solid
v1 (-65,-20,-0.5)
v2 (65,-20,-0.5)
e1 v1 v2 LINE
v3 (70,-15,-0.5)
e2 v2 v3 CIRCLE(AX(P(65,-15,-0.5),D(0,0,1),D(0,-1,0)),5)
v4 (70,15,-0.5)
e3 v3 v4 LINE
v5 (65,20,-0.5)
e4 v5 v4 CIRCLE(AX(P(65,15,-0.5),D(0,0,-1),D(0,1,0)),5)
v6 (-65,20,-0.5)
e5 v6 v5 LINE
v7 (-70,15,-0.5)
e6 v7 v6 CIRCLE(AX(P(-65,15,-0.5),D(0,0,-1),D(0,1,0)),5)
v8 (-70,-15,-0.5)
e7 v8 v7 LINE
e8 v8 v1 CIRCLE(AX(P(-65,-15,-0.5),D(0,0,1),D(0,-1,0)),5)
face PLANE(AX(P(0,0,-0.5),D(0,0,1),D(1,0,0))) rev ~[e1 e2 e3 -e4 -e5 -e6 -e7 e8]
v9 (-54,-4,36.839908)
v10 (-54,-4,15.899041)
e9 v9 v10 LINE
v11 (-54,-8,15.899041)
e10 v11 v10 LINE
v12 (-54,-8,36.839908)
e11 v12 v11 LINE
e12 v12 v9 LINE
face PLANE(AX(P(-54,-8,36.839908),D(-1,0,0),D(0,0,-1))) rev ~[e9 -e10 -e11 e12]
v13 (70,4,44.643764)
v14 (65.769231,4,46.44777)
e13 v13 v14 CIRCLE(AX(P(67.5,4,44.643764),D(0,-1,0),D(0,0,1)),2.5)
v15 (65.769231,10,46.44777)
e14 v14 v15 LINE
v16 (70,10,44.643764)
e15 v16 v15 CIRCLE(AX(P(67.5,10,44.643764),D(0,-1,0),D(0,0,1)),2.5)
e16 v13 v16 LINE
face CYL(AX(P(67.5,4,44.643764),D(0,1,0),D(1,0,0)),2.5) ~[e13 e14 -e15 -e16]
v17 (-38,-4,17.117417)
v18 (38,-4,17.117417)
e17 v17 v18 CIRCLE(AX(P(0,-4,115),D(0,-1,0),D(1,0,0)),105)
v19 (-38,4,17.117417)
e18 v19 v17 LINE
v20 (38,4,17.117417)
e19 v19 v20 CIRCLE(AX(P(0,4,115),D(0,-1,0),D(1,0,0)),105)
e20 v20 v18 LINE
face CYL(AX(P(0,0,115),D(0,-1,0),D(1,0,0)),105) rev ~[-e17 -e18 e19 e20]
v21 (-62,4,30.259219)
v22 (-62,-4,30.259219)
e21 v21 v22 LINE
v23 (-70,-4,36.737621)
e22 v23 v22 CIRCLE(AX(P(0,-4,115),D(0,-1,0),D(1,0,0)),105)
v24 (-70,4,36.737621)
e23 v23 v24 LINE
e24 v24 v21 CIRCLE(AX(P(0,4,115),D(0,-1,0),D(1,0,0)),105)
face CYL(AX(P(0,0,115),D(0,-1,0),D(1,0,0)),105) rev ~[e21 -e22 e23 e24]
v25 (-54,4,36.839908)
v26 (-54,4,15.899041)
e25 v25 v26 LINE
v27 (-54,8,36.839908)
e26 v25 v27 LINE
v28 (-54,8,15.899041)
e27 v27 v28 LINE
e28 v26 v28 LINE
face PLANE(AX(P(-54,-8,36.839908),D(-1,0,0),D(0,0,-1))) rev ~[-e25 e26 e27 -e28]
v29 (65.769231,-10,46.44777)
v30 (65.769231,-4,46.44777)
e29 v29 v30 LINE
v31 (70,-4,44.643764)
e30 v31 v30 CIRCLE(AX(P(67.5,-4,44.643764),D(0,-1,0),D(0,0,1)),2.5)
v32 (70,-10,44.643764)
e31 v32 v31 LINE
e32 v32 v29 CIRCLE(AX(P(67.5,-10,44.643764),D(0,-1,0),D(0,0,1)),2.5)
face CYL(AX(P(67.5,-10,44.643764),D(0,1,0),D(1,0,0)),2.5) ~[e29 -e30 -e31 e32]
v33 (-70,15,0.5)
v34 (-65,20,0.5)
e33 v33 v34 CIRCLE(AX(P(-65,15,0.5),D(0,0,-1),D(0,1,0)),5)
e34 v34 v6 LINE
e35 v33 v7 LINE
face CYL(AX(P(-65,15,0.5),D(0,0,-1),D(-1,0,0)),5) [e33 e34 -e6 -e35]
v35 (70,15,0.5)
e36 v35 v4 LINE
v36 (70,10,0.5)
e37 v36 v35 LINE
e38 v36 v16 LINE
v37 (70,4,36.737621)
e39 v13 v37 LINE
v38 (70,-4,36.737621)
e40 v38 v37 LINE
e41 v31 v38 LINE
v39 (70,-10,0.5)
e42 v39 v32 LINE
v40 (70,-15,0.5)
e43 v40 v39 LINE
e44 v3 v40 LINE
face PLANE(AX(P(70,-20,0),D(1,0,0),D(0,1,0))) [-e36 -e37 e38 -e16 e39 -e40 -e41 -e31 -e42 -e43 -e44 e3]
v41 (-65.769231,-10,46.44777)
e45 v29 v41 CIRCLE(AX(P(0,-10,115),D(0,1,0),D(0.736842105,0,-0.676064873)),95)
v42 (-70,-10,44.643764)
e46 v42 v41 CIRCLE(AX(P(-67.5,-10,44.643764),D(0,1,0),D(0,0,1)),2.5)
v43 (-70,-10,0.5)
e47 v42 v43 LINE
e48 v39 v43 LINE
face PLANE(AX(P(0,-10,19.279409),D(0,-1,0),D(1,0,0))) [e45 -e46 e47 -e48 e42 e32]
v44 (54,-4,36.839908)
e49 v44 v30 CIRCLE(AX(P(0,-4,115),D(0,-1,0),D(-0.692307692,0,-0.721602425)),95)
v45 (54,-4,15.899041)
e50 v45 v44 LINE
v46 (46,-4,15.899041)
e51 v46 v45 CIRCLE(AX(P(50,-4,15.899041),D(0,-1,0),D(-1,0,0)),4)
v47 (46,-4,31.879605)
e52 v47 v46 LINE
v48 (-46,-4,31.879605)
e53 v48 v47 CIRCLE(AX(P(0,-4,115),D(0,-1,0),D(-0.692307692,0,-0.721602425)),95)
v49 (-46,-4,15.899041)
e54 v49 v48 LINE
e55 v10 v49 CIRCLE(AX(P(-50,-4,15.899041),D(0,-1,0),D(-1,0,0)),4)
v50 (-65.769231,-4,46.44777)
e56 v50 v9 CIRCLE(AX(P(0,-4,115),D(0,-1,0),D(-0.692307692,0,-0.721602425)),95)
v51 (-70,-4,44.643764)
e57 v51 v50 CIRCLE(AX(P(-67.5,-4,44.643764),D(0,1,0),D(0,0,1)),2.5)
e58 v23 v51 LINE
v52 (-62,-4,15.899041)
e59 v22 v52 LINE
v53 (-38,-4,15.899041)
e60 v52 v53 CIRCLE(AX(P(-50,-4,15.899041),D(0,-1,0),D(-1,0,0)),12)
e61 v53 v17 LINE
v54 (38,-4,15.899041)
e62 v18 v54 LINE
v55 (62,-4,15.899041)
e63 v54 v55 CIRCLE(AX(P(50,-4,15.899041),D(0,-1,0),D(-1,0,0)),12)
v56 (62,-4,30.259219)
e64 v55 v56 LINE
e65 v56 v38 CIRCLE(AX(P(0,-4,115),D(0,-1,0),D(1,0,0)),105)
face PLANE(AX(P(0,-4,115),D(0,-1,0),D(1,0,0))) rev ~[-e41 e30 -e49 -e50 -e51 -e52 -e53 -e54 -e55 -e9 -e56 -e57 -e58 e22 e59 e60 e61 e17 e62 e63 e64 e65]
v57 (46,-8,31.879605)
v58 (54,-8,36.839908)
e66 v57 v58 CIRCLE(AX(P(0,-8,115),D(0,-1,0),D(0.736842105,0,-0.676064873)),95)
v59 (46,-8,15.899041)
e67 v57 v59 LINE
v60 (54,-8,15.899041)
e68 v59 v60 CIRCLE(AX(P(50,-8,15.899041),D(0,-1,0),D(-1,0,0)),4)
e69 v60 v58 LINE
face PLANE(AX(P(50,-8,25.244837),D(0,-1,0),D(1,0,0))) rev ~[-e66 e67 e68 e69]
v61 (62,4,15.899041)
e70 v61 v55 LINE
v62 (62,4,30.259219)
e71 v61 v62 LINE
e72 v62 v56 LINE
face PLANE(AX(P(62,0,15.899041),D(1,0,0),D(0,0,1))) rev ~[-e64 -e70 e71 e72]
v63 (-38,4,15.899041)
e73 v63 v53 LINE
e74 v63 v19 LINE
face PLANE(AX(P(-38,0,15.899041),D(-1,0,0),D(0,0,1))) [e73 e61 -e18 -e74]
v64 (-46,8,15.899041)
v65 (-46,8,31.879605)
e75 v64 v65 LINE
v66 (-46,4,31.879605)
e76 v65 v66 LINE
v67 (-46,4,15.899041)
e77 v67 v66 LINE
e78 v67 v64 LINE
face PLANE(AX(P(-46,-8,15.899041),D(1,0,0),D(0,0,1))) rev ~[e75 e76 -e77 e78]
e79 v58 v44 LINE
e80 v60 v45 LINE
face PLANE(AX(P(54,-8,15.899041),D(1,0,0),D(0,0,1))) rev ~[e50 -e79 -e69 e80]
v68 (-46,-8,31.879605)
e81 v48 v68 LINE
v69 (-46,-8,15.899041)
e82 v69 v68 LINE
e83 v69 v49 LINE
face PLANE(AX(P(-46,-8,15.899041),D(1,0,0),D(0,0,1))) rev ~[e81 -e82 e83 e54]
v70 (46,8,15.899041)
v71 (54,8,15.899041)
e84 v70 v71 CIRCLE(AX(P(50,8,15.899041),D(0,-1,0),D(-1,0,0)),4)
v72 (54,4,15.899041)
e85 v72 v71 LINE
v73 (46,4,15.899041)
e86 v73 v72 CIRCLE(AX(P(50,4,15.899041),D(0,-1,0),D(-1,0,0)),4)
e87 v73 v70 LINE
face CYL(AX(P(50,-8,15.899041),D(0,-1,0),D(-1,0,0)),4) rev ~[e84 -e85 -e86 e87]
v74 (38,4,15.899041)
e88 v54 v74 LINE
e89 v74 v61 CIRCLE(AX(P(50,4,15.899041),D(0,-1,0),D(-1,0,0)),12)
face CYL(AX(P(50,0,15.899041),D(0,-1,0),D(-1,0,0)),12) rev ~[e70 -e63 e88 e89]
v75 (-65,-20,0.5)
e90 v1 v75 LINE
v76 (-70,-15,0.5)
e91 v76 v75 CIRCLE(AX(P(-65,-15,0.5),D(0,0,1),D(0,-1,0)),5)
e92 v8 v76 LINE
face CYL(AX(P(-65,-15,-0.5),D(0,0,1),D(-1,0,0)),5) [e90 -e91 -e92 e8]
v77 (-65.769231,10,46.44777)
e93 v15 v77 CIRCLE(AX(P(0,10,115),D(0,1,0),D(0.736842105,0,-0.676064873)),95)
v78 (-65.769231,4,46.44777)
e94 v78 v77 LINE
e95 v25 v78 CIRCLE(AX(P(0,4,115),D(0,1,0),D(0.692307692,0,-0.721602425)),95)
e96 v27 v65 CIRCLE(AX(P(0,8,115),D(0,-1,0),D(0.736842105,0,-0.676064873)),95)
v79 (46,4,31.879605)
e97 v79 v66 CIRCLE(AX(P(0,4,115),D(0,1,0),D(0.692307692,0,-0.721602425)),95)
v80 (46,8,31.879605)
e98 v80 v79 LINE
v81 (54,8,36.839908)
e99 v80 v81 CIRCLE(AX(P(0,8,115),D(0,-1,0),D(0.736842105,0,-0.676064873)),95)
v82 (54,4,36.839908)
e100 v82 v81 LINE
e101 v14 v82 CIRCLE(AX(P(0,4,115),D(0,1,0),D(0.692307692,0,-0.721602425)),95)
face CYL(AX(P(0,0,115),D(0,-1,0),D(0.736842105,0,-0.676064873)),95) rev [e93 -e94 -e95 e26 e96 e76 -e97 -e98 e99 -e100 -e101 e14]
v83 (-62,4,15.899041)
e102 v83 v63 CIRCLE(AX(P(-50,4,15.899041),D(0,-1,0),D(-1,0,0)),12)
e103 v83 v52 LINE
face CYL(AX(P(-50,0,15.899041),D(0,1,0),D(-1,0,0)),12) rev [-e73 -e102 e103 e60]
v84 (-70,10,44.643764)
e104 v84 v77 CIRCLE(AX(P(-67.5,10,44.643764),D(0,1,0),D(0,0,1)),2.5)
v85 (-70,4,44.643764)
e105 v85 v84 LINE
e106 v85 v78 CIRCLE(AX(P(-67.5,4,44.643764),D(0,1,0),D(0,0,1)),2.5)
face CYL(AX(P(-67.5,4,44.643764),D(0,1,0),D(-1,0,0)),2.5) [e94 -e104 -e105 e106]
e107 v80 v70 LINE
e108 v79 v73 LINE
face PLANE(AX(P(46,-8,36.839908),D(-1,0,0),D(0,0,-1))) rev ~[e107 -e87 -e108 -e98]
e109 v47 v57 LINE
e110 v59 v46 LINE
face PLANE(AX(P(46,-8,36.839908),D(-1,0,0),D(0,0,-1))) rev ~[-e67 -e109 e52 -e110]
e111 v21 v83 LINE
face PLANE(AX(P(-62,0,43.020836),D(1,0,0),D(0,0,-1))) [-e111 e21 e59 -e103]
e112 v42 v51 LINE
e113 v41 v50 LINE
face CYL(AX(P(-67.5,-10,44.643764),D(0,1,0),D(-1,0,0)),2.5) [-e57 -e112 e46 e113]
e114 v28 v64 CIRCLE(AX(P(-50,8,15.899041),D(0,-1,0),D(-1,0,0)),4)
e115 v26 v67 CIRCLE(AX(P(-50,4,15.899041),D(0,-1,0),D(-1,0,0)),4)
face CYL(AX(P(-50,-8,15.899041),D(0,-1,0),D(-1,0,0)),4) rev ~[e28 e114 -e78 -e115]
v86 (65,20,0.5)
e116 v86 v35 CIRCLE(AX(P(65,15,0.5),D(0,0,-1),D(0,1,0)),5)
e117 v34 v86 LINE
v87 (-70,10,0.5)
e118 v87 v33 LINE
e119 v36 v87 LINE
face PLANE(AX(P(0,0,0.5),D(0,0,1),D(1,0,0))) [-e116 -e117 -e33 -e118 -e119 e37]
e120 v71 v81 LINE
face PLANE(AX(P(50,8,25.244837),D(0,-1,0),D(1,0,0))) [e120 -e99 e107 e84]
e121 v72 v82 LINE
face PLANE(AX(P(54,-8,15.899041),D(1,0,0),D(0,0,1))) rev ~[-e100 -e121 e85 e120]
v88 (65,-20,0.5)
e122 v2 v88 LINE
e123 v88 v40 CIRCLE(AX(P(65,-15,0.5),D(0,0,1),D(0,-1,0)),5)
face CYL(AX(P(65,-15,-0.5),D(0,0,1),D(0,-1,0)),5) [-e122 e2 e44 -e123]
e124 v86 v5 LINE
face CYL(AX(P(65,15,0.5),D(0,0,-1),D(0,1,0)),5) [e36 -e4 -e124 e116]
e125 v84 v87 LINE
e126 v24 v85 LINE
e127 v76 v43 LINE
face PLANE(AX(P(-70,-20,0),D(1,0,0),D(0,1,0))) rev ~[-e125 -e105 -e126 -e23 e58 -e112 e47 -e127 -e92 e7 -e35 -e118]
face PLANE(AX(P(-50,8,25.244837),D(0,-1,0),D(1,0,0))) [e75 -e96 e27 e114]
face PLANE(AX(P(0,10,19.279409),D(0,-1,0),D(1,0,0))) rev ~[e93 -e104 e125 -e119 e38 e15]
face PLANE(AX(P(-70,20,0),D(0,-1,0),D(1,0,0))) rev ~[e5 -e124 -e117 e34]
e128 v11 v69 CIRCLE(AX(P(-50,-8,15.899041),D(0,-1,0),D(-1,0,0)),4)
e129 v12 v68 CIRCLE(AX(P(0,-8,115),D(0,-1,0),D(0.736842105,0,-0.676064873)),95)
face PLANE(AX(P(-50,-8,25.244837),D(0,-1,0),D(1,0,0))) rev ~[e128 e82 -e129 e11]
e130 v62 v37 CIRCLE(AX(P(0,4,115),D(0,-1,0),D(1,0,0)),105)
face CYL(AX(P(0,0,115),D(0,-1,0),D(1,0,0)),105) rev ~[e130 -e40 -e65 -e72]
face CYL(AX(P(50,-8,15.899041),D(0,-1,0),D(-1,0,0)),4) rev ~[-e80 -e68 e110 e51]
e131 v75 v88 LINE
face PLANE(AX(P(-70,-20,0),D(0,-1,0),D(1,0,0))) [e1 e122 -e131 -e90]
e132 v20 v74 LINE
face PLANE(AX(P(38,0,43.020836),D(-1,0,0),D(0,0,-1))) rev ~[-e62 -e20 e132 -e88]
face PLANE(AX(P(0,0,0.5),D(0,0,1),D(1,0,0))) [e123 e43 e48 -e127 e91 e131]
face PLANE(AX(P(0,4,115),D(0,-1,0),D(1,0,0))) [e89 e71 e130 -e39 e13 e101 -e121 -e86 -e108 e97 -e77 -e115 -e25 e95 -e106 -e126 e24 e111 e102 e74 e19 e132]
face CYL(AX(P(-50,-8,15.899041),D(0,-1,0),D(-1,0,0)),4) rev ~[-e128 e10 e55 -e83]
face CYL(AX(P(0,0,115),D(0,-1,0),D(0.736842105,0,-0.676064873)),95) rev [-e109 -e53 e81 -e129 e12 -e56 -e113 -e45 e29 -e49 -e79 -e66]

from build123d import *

# Parameters (mm, degrees)
F1_DEPTH      = 10
F2_R          = 105
F3_DEPTH      = 4
F3_DEPTH_BACK = 4
F4_R          = 2.5
F6_DEPTH      = 4
F8_START      = -2
F8_DEPTH      = 16
F9_W          = 140
F9_H          = 40
F10_DEPTH     = 0.5
F11_R         = 5


with BuildPart() as f1:
    # F0 (on Front) → F1 (new body, symmetric)
    with BuildSketch(Plane.XZ):
        with BuildLine():
            Line((-70, 50.7738371067), (-70, 0))
            Line((-70, 0), (70, 0))
            Line((70, 0), (70, 50.7738371067))
            ThreePointArc((70, 50.7738371067), (0, 20), (-70, 50.7738371067))
        make_face()
    extrude(amount=F1_DEPTH, both=True)

    # F2 (on Front) → F3 (cut, two sides)
    with BuildSketch(Plane.XZ) as f3_sk:
        with Locations((0, 115)):
            Circle(F2_R)
    extrude(amount=-F3_DEPTH, mode=Mode.SUBTRACT)
    extrude(f3_sk.sketch, amount=F3_DEPTH_BACK, mode=Mode.SUBTRACT)

    # F4
    f4_edges = [f1.edges().sort_by_distance(p)[0] for p in [
        (-70, 7, 50.773837),
        (-70, -7, 50.773837),
        (70, 7, 50.773837),
        (70, -7, 50.773837),
    ]]
    fillet(f4_edges, radius=F4_R)

    # F5 (on Front) → F6 (cut, symmetric)
    with BuildSketch(Plane.XZ):
        with BuildLine():
            Line((-62, 43.0208363483), (-62, 15.899041377))
            ThreePointArc((-62, 15.899041377), (-50, 3.899041377), (-38, 15.899041377))
            Line((-38, 15.899041377), (-38, 43.0208363483))
            Line((-38, 43.0208363483), (-62, 43.0208363483))
        make_face()
        with BuildLine():
            ThreePointArc((38, 15.899041377), (50, 3.899041377), (62, 15.899041377))
            Line((62, 15.899041377), (62, 43.0208363483))
            Line((62, 43.0208363483), (38, 43.0208363483))
            Line((38, 43.0208363483), (38, 15.899041377))
        make_face()
    extrude(amount=F6_DEPTH, both=True, mode=Mode.SUBTRACT)

    # F7 (on face) → F8 (cut)
    with BuildSketch(Plane.XZ.offset(10).offset(F8_START)):
        with BuildLine():
            Line((-54, 36.8399078813), (-54, 15.899041377))
            ThreePointArc((-54, 15.899041377), (-50, 11.899041377), (-46, 15.899041377))
            Line((-46, 15.899041377), (-46, 36.8399078813))
            Line((-46, 36.8399078813), (-54, 36.8399078813))
        make_face()
        with BuildLine():
            ThreePointArc((46, 15.899041377), (50, 11.899041377), (54, 15.899041377))
            Line((54, 15.899041377), (54, 36.8399078813))
            Line((54, 36.8399078813), (46, 36.8399078813))
            Line((46, 36.8399078813), (46, 15.899041377))
        make_face()
    extrude(amount=-F8_DEPTH, mode=Mode.SUBTRACT)

    # F9 (on Top) → F10 (join, symmetric)
    with BuildSketch(Plane.XY):
        Rectangle(F9_W, F9_H)
    extrude(amount=F10_DEPTH, both=True)

    # F11
    f11_edges = [f1.edges().sort_by_distance(p)[0] for p in [
        (-70, -20, 0),
        (70, -20, 0),
        (70, 20, 0),
        (-70, 20, 0),
    ]]
    fillet(f11_edges, radius=F11_R)


solid = f1.part
